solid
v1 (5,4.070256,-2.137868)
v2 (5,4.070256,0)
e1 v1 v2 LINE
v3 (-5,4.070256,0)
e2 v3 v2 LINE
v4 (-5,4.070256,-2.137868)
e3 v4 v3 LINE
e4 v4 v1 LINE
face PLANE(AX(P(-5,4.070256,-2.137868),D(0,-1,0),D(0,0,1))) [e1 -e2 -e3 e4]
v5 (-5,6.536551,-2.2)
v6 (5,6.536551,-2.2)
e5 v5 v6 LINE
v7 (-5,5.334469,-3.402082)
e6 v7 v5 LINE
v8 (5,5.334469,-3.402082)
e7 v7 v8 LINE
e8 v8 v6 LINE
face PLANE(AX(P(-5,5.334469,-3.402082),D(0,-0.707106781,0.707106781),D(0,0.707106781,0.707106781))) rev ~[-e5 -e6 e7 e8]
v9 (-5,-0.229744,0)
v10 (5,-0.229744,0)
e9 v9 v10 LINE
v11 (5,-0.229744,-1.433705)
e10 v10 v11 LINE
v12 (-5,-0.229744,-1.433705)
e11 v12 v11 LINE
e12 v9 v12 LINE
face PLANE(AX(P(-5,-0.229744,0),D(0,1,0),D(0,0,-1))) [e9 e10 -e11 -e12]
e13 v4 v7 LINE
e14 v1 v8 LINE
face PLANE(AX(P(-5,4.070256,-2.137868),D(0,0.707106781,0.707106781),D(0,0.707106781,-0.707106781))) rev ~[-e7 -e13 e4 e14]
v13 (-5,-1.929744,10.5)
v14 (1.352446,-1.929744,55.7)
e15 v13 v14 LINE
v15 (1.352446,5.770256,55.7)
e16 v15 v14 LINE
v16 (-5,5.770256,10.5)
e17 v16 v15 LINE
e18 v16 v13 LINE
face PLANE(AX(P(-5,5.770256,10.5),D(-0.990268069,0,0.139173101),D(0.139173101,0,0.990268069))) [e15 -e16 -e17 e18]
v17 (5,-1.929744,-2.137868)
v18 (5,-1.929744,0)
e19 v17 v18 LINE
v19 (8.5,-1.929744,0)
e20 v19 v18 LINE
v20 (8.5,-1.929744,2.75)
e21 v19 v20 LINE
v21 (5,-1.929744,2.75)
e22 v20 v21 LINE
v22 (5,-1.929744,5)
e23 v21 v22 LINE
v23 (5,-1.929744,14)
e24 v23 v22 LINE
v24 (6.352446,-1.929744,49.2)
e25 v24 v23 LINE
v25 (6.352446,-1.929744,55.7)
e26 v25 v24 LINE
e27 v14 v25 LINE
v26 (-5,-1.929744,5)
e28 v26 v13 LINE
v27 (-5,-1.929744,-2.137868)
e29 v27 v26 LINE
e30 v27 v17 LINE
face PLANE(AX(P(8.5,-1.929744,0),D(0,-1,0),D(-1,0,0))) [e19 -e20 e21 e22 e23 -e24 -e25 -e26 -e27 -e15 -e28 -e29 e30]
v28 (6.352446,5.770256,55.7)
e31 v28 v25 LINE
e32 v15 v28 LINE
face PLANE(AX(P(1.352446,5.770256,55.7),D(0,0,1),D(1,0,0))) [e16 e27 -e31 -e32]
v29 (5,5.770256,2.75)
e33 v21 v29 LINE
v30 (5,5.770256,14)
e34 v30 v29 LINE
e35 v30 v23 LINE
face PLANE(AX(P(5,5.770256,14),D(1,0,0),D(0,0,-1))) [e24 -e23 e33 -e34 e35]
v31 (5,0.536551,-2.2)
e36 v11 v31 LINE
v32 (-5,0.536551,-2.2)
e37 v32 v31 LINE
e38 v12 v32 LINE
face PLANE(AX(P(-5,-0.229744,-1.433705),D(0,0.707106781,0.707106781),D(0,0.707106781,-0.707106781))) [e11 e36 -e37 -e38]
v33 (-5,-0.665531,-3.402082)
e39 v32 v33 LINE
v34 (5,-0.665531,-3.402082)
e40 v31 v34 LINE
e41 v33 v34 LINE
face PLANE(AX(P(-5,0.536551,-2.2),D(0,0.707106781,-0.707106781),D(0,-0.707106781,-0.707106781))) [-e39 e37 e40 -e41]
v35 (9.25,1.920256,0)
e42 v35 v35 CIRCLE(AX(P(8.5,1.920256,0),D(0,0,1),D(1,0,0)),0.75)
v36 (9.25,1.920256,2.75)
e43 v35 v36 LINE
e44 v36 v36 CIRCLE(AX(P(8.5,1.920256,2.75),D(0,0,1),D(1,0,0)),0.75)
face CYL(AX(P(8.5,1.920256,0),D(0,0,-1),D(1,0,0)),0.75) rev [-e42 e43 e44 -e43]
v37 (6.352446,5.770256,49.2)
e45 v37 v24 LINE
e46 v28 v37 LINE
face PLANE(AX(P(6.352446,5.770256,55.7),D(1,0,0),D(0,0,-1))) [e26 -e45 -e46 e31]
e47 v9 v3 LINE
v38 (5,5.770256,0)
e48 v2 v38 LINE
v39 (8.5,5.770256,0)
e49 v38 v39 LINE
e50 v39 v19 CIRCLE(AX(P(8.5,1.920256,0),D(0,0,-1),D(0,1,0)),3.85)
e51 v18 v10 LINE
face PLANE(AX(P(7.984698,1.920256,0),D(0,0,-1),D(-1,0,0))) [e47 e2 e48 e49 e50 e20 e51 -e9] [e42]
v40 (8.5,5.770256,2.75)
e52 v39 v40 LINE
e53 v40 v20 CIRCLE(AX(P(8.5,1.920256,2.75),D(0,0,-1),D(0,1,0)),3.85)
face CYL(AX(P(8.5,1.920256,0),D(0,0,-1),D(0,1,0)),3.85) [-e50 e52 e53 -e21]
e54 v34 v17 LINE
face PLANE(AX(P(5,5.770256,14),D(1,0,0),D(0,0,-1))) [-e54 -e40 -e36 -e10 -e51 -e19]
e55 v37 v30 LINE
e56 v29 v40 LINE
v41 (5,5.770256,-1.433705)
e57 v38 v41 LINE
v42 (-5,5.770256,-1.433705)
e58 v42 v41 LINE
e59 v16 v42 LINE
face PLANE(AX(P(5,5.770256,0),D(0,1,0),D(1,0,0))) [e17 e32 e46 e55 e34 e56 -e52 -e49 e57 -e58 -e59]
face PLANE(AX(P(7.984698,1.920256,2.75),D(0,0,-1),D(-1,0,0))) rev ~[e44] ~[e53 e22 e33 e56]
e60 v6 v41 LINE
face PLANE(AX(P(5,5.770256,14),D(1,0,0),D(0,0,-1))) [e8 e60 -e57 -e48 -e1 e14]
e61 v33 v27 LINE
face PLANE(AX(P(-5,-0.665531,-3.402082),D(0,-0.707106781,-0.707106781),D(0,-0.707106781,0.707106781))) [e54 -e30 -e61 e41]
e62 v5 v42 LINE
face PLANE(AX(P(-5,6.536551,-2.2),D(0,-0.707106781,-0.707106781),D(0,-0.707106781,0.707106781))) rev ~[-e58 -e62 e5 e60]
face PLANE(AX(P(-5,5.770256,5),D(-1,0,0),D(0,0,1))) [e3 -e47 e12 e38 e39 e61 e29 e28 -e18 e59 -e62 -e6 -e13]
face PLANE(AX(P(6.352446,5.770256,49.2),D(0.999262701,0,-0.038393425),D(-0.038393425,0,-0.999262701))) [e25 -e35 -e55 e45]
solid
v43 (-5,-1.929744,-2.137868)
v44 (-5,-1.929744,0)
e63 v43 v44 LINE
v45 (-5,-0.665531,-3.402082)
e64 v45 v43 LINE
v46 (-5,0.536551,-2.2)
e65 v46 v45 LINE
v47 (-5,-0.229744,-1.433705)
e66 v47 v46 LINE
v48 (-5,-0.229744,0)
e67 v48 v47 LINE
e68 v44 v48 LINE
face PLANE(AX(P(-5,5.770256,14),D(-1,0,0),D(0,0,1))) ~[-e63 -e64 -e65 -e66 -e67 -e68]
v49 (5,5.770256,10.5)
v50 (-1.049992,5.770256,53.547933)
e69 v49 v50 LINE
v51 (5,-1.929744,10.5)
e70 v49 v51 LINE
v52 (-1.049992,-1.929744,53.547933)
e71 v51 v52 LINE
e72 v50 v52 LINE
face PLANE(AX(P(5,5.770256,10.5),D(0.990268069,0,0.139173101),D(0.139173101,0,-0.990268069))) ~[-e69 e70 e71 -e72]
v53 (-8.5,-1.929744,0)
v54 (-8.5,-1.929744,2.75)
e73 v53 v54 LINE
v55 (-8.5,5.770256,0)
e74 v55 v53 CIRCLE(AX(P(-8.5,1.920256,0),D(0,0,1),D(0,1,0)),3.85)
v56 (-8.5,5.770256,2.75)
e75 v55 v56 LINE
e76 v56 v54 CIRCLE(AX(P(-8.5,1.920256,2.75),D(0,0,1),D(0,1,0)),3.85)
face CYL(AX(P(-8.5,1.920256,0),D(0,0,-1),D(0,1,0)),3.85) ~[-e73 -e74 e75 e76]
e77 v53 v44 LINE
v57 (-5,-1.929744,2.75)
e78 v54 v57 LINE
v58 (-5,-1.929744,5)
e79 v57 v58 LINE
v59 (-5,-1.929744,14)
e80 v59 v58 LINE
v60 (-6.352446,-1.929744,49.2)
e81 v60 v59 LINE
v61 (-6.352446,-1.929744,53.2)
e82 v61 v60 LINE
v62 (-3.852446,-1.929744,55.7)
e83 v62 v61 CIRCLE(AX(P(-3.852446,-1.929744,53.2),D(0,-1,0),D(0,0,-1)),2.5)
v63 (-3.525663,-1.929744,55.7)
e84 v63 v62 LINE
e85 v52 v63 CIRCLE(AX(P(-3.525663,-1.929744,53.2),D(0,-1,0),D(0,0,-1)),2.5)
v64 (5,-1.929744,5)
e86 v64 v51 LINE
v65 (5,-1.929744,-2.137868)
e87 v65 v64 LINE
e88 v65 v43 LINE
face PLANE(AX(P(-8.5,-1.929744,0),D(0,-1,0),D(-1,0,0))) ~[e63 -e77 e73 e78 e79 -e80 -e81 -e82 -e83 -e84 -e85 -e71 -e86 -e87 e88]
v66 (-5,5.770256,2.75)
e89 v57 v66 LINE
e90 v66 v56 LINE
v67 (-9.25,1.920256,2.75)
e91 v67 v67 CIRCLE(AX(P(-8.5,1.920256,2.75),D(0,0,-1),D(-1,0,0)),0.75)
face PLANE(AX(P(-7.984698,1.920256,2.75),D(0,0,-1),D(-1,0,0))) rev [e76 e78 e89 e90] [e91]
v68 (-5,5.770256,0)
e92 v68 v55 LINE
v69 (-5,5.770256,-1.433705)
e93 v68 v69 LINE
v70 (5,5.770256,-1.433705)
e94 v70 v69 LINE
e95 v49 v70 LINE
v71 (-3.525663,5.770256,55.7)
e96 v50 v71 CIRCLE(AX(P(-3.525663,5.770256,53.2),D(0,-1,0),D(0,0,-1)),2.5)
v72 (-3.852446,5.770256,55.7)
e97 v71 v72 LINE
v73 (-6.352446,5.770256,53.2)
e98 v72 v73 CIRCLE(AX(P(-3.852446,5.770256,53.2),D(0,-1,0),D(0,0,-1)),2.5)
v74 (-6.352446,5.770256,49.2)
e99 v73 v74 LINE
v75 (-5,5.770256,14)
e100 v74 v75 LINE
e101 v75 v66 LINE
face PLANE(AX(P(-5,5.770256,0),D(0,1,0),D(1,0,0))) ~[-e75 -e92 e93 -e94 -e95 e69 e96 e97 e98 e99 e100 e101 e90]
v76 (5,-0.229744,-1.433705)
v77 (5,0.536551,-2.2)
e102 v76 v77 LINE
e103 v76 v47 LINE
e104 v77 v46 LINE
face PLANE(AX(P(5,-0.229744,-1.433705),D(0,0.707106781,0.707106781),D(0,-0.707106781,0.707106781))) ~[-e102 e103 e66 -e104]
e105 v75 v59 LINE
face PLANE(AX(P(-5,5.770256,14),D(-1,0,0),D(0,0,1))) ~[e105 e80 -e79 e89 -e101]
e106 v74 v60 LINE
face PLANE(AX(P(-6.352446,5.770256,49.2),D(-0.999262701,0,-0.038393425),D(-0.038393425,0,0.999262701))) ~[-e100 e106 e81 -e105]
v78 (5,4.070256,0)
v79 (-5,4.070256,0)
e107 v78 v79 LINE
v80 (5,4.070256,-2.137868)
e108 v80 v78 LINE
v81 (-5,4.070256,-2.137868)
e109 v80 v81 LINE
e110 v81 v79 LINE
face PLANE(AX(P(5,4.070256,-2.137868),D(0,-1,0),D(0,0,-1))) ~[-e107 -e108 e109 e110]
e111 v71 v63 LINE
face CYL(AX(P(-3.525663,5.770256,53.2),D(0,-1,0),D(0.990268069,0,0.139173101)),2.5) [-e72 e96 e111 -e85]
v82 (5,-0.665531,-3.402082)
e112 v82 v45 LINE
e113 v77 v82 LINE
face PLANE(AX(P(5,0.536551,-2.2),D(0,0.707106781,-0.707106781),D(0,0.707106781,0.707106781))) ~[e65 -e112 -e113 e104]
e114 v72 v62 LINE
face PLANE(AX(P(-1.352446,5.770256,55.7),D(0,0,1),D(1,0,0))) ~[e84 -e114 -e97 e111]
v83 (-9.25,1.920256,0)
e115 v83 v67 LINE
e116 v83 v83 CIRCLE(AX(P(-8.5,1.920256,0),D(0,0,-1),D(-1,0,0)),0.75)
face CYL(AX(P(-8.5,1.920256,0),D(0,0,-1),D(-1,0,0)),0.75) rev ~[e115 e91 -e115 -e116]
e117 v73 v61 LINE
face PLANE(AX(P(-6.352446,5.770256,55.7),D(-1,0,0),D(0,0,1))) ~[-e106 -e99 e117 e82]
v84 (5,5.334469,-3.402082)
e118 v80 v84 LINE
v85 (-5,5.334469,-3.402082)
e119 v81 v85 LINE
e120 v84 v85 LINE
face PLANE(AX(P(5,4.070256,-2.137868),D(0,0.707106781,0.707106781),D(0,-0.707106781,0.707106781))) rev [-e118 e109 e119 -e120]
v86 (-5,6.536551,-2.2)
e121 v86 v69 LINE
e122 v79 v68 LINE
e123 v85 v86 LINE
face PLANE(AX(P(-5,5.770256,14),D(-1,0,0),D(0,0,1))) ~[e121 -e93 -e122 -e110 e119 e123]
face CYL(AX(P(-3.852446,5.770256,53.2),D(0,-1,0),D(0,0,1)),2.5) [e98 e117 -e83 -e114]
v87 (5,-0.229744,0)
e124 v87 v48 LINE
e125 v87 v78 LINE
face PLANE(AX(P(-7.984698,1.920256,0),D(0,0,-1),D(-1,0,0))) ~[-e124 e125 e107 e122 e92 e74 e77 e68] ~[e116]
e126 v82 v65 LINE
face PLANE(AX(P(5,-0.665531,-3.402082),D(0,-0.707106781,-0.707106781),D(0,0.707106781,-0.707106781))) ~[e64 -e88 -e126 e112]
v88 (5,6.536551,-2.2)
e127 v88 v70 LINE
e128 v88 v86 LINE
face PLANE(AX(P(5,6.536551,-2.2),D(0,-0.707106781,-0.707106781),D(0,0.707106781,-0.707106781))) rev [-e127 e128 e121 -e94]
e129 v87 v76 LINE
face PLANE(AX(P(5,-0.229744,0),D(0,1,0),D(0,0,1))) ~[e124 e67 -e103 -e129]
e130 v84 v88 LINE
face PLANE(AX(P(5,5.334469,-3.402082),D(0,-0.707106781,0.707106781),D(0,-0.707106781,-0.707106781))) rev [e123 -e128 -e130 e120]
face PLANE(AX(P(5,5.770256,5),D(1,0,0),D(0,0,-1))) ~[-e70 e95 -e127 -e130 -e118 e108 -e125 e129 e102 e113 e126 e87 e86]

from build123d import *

# Parameters (mm, degrees)
SKETCH2_W           = 10
SKETCH2_H           = 14.768412439
BOSS_EXTRUDE1_DEPTH = 5
BOSS_EXTRUDE4_DEPTH = 10
SKETCH9_W           = 10
SKETCH9_H           = 3.18
SKETCH9_H_2         = 3.888412439
CUT_EXTRUDE3_DEPTH  = 5
BOSS_EXTRUDE5_DEPTH = 7.7
SKETCH12_R          = 0.75
BOSS_EXTRUDE7_DEPTH = 2.75
FILLET1_R           = 2.5


with BuildPart() as part:
    # Sketch2 → Boss-Extrude1 (new body)
    with BuildSketch(Plane.XY):
        with Locations((0, 1.566049366)):
            Rectangle(SKETCH2_W, SKETCH2_H)
    extrude(amount=BOSS_EXTRUDE1_DEPTH)

    # Sketch8 → Boss-Extrude4 (add)
    with BuildSketch(Plane.ZY.offset(5)):
        Polygon((-0.15, 5.770255585), (0, 5.770255585), (0, 4.070255585), (-0.15, 4.070255585), (-2.137867966, 4.070255585), (-3.402081528, 5.334469147), (-2.2, 6.536550675), (-1.43370491, 5.770255585), align=None)
        Polygon((-0.15, -1.929744415), (0, -1.929744415), (0, -0.229744415), (-0.15, -0.229744415), (-1.43370491, -0.229744415), (-2.2, 0.536550675), (-3.402081528, -0.665530853), (-2.137867966, -1.929744415), align=None)
    extrude(amount=-BOSS_EXTRUDE4_DEPTH)

    # Sketch9 → Cut-Extrude3 (cut)
    with BuildSketch(Plane(origin=(0, 0, 0), x_dir=(-1, 0, 0), z_dir=(0, 0, -1))):
        with Locations((0, 7.360255585)):
            Rectangle(SKETCH9_W, SKETCH9_H)
        with Locations((0, -3.873950635)):
            Rectangle(SKETCH9_W, SKETCH9_H_2)
    extrude(amount=-CUT_EXTRUDE3_DEPTH, mode=Mode.SUBTRACT)

    # Sketch10 → Boss-Extrude5 (add)
    with BuildSketch(Plane(origin=(0, 5.770255585, 0), x_dir=(1, 0, 0), z_dir=(0, 1, 0))):
        Polygon((-5, -5), (-5, -10.5), (1.352445729, -55.7), (6.352445729, -55.7), (6.352445729, -49.2), (5, -14), (5, -5), align=None)
    extrude(amount=-BOSS_EXTRUDE5_DEPTH)

    # Sketch12 → Boss-Extrude7 (add)
    with BuildSketch(Plane.XY):
        with BuildLine():
            Line((5, 5.770255585), (8.5, 5.770255585))
            ThreePointArc((8.5, 5.770255585), (12.35, 1.920255585), (8.5, -1.929744415))
            Line((8.5, -1.929744415), (5, -1.929744415))
            Line((5, -1.929744415), (5, 5.770255585))
        make_face()
        with Locations((8.5, 1.920255585)):
            Circle(SKETCH12_R, mode=Mode.SUBTRACT)
    extrude(amount=BOSS_EXTRUDE7_DEPTH)


with BuildPart() as body_2:
    # Mirror1: mirrored copy
    add(part.part.mirror(Plane(origin=(0, 0, 0), x_dir=(0, 0, 1), z_dir=(1, 0, 0))))

    # Fillet1
    fillet1_edges = [body_2.edges().sort_by_distance(p)[0] for p in [
        (-6.352445729, 1.920255585, 49.2),
        (-5, 1.920255585, 14),
        (-1.352445729, 1.920255585, 55.7),
        (-6.352445729, 1.920255585, 55.7),
    ]]
    fillet(fillet1_edges, radius=FILLET1_R)


solid = Compound([part.part, body_2.part])
